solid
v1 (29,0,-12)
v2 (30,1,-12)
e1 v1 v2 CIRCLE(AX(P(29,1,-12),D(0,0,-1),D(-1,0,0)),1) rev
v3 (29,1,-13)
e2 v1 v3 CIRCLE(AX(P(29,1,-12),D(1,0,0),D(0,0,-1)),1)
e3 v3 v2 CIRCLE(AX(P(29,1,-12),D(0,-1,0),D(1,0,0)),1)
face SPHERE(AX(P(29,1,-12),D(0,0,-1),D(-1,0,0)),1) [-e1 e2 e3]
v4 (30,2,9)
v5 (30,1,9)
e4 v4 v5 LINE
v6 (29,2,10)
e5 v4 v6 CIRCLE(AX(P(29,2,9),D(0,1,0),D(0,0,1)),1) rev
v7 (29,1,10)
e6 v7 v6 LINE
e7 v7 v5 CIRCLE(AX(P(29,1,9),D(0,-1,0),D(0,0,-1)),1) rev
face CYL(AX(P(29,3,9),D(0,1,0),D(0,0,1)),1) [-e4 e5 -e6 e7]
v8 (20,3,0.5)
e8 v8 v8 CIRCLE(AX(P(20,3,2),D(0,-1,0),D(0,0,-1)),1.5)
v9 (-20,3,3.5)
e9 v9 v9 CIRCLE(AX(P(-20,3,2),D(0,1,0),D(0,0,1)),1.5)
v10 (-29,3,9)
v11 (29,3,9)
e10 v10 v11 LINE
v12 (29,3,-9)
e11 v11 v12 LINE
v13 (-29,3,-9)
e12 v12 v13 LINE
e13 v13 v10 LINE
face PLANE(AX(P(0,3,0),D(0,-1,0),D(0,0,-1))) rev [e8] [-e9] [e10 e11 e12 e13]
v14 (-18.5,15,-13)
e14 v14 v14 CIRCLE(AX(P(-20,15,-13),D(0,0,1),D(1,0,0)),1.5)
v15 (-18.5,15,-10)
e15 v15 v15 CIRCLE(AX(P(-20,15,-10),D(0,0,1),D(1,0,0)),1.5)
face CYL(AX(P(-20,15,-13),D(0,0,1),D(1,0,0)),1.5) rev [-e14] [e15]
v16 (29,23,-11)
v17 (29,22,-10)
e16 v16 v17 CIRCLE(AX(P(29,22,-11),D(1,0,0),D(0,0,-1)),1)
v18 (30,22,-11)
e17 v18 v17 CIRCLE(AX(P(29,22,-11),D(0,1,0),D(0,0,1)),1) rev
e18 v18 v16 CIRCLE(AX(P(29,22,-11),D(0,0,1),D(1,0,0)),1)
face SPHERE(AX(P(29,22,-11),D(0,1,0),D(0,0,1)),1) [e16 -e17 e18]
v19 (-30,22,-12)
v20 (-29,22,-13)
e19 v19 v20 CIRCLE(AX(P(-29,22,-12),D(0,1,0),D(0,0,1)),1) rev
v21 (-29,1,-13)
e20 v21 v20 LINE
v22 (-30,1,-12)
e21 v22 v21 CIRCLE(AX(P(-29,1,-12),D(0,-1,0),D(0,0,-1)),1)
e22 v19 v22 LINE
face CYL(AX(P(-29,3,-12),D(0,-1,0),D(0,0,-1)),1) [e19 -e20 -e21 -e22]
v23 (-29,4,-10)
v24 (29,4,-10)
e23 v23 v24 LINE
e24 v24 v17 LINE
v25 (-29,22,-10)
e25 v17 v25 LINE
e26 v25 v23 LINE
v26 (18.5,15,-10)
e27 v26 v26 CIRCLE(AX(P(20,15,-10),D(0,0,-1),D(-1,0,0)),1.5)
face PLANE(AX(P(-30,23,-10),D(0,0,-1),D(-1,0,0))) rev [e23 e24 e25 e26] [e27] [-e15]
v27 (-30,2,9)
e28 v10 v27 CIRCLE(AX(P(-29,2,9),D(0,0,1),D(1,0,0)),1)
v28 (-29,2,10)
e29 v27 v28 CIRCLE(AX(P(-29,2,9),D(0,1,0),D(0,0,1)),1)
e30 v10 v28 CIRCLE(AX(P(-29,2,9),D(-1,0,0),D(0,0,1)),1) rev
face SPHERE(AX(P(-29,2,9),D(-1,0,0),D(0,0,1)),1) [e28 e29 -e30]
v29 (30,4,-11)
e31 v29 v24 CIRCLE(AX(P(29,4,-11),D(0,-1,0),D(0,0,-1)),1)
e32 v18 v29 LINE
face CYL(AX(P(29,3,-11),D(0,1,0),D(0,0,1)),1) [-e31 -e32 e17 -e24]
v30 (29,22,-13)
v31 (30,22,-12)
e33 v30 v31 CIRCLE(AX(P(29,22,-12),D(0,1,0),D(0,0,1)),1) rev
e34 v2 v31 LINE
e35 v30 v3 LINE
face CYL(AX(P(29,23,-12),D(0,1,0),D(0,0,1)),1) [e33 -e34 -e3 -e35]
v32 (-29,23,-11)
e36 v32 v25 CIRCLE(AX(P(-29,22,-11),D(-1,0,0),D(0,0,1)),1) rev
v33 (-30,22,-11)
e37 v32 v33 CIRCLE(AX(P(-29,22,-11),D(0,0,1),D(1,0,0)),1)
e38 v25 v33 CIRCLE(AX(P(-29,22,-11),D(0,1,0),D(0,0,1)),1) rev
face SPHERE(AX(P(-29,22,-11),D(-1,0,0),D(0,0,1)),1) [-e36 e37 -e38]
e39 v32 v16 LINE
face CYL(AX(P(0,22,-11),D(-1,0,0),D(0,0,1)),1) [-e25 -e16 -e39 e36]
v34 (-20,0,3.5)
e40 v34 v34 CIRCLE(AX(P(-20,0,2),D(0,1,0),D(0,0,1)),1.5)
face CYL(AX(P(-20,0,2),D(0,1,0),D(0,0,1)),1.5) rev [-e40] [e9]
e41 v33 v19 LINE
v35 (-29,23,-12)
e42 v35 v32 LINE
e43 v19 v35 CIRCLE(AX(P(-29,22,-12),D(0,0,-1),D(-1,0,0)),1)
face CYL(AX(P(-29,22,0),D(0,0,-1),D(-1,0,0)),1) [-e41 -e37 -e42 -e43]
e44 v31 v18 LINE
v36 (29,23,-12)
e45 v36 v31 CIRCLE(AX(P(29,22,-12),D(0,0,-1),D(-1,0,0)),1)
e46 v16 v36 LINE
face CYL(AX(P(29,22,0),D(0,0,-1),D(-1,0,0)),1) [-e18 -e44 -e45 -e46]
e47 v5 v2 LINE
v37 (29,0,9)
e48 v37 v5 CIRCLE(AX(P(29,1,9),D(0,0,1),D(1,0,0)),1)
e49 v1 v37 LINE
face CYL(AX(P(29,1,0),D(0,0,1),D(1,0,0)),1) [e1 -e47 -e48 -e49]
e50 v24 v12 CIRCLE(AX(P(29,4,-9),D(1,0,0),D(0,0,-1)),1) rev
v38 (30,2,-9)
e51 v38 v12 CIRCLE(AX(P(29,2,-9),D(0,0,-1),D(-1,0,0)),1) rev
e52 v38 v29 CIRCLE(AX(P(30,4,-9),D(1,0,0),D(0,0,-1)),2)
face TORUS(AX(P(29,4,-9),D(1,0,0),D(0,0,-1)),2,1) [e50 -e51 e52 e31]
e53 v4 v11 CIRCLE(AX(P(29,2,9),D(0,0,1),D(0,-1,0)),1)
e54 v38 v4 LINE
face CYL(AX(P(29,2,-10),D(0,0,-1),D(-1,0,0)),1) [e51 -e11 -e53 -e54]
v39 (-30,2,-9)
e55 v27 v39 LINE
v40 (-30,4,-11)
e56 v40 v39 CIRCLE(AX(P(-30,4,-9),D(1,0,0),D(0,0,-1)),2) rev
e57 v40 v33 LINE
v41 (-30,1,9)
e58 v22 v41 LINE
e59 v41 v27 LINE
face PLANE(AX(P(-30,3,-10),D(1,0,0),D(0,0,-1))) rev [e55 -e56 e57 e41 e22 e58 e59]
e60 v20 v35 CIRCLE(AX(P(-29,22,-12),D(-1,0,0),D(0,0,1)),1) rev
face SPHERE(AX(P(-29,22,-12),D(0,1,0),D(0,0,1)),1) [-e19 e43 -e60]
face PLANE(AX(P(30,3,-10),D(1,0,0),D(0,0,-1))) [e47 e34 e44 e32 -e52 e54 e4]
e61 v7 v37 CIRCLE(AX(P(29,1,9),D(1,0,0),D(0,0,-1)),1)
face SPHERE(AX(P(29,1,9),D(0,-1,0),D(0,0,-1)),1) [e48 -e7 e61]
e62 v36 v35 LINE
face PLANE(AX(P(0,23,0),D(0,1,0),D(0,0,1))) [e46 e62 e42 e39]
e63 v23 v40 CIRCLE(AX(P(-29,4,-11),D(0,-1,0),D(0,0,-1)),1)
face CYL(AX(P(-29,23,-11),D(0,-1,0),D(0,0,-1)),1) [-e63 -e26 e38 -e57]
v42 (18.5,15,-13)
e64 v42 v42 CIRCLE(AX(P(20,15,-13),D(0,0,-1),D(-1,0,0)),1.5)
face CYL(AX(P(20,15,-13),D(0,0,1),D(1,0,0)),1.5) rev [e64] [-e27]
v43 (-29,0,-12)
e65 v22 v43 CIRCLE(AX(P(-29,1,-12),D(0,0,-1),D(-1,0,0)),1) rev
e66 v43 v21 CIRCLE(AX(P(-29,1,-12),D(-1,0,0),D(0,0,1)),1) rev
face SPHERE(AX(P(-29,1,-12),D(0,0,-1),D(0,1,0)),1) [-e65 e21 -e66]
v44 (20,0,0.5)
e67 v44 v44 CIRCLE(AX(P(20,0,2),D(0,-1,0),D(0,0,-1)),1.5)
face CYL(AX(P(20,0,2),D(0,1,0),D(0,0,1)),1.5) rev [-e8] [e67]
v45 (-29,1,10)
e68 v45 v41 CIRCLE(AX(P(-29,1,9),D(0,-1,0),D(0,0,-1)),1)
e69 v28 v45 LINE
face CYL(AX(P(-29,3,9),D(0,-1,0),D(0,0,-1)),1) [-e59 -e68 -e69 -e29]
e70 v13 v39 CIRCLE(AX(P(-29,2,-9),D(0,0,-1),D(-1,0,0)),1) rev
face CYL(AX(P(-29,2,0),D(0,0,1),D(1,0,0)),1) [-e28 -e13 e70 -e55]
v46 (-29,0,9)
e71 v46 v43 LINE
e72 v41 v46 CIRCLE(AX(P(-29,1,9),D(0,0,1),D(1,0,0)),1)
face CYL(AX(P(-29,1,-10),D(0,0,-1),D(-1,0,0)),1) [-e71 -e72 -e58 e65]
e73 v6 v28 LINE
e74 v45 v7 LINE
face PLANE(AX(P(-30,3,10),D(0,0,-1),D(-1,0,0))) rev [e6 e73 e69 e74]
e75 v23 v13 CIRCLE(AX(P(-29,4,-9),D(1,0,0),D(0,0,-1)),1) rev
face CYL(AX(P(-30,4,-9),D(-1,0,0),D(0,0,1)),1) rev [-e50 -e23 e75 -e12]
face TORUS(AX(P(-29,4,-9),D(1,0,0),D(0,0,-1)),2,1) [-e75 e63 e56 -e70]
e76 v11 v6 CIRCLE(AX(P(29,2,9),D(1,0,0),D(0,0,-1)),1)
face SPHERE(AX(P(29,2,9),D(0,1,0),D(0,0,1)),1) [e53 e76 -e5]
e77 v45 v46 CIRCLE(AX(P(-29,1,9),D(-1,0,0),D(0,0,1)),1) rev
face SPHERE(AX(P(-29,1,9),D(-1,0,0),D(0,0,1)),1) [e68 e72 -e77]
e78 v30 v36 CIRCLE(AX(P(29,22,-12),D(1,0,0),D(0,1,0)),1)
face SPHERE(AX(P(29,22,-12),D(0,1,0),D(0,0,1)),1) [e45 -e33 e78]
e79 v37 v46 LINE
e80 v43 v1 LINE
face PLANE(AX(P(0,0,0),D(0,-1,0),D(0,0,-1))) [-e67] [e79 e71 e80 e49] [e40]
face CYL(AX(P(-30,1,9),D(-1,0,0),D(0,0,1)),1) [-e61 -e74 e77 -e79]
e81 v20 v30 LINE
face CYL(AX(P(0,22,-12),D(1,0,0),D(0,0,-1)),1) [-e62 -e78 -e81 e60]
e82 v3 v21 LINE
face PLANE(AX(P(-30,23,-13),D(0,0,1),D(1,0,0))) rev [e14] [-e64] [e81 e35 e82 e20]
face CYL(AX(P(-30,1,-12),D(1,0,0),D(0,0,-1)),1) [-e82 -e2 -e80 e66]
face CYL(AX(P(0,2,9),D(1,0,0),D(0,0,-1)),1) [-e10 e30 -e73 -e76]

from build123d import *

# Parameters (mm, degrees)
SKETCH1_W           = 60
SKETCH1_H           = 20
BOSS_EXTRUDE1_DEPTH = 3
SKETCH3_W           = 60
SKETCH3_H           = 3
BOSS_EXTRUDE2_DEPTH = 23
FILLET2_R           = 1
SKETCH4_R           = 1.5
CUT_EXTRUDE1_DEPTH  = 39.327535793
SKETCH6_R           = 1.5
CUT_EXTRUDE2_DEPTH  = 43.766809561


with BuildPart() as part:
    # Sketch1 → Boss-Extrude1 (new body)
    with BuildSketch(Plane(origin=(0, 0, 0), x_dir=(1, 0, 0), z_dir=(0, 1, 0))):
        Rectangle(SKETCH1_W, SKETCH1_H)
    extrude(amount=BOSS_EXTRUDE1_DEPTH)

    # Sketch3 → Boss-Extrude2 (add)
    with BuildSketch(Plane(origin=(0, 0, 0), x_dir=(1, 0, 0), z_dir=(0, 1, 0))):
        with Locations((0, 11.5)):
            Rectangle(SKETCH3_W, SKETCH3_H)
    extrude(amount=BOSS_EXTRUDE2_DEPTH)

    # Fillet2
    fillet2_edges = [part.edges().sort_by_distance(p)[0] for p in [
        (0, 3, 10),
        (-30, 13, -10),
        (30, 13, -10),
        (0, 0, -13),
        (30, 11.5, -13),
        (-30, 11.5, -13),
        (30, 23, -11.5),
        (0, 23, -13),
        (-30, 3, 0),
        (-30, 23, -11.5),
        (0, 23, -10),
        (0, 3, -10),
        (-30, 0, -1.5),
        (0, 0, 10),
        (30, 0, -1.5),
        (-30, 1.5, 10),
        (30, 1.5, 10),
        (30, 3, 0),
    ]]
    fillet(fillet2_edges, radius=FILLET2_R)

    # Sketch4 → Cut-Extrude1 (cut, through all)
    with BuildSketch(Plane(origin=(0, 3, 0), x_dir=(1, 0, 0), z_dir=(0, 1, 0))):
        with Locations(Location((-20, -2, 0), (0, 0, 270))):
            Circle(SKETCH4_R)
        with Locations(Location((20, -2, 0), (0, 0, 90))):
            Circle(SKETCH4_R)
    extrude(amount=-CUT_EXTRUDE1_DEPTH, mode=Mode.SUBTRACT)

    # Sketch6 → Cut-Extrude2 (cut, through all)
    with BuildSketch(Plane.XY.offset(-10)):
        with Locations((-20, 15)):
            Circle(SKETCH6_R)
        with Locations(Location((20, 15, 0), (0, 0, 180))):
            Circle(SKETCH6_R)
    extrude(amount=-CUT_EXTRUDE2_DEPTH, mode=Mode.SUBTRACT)


solid = part.part
